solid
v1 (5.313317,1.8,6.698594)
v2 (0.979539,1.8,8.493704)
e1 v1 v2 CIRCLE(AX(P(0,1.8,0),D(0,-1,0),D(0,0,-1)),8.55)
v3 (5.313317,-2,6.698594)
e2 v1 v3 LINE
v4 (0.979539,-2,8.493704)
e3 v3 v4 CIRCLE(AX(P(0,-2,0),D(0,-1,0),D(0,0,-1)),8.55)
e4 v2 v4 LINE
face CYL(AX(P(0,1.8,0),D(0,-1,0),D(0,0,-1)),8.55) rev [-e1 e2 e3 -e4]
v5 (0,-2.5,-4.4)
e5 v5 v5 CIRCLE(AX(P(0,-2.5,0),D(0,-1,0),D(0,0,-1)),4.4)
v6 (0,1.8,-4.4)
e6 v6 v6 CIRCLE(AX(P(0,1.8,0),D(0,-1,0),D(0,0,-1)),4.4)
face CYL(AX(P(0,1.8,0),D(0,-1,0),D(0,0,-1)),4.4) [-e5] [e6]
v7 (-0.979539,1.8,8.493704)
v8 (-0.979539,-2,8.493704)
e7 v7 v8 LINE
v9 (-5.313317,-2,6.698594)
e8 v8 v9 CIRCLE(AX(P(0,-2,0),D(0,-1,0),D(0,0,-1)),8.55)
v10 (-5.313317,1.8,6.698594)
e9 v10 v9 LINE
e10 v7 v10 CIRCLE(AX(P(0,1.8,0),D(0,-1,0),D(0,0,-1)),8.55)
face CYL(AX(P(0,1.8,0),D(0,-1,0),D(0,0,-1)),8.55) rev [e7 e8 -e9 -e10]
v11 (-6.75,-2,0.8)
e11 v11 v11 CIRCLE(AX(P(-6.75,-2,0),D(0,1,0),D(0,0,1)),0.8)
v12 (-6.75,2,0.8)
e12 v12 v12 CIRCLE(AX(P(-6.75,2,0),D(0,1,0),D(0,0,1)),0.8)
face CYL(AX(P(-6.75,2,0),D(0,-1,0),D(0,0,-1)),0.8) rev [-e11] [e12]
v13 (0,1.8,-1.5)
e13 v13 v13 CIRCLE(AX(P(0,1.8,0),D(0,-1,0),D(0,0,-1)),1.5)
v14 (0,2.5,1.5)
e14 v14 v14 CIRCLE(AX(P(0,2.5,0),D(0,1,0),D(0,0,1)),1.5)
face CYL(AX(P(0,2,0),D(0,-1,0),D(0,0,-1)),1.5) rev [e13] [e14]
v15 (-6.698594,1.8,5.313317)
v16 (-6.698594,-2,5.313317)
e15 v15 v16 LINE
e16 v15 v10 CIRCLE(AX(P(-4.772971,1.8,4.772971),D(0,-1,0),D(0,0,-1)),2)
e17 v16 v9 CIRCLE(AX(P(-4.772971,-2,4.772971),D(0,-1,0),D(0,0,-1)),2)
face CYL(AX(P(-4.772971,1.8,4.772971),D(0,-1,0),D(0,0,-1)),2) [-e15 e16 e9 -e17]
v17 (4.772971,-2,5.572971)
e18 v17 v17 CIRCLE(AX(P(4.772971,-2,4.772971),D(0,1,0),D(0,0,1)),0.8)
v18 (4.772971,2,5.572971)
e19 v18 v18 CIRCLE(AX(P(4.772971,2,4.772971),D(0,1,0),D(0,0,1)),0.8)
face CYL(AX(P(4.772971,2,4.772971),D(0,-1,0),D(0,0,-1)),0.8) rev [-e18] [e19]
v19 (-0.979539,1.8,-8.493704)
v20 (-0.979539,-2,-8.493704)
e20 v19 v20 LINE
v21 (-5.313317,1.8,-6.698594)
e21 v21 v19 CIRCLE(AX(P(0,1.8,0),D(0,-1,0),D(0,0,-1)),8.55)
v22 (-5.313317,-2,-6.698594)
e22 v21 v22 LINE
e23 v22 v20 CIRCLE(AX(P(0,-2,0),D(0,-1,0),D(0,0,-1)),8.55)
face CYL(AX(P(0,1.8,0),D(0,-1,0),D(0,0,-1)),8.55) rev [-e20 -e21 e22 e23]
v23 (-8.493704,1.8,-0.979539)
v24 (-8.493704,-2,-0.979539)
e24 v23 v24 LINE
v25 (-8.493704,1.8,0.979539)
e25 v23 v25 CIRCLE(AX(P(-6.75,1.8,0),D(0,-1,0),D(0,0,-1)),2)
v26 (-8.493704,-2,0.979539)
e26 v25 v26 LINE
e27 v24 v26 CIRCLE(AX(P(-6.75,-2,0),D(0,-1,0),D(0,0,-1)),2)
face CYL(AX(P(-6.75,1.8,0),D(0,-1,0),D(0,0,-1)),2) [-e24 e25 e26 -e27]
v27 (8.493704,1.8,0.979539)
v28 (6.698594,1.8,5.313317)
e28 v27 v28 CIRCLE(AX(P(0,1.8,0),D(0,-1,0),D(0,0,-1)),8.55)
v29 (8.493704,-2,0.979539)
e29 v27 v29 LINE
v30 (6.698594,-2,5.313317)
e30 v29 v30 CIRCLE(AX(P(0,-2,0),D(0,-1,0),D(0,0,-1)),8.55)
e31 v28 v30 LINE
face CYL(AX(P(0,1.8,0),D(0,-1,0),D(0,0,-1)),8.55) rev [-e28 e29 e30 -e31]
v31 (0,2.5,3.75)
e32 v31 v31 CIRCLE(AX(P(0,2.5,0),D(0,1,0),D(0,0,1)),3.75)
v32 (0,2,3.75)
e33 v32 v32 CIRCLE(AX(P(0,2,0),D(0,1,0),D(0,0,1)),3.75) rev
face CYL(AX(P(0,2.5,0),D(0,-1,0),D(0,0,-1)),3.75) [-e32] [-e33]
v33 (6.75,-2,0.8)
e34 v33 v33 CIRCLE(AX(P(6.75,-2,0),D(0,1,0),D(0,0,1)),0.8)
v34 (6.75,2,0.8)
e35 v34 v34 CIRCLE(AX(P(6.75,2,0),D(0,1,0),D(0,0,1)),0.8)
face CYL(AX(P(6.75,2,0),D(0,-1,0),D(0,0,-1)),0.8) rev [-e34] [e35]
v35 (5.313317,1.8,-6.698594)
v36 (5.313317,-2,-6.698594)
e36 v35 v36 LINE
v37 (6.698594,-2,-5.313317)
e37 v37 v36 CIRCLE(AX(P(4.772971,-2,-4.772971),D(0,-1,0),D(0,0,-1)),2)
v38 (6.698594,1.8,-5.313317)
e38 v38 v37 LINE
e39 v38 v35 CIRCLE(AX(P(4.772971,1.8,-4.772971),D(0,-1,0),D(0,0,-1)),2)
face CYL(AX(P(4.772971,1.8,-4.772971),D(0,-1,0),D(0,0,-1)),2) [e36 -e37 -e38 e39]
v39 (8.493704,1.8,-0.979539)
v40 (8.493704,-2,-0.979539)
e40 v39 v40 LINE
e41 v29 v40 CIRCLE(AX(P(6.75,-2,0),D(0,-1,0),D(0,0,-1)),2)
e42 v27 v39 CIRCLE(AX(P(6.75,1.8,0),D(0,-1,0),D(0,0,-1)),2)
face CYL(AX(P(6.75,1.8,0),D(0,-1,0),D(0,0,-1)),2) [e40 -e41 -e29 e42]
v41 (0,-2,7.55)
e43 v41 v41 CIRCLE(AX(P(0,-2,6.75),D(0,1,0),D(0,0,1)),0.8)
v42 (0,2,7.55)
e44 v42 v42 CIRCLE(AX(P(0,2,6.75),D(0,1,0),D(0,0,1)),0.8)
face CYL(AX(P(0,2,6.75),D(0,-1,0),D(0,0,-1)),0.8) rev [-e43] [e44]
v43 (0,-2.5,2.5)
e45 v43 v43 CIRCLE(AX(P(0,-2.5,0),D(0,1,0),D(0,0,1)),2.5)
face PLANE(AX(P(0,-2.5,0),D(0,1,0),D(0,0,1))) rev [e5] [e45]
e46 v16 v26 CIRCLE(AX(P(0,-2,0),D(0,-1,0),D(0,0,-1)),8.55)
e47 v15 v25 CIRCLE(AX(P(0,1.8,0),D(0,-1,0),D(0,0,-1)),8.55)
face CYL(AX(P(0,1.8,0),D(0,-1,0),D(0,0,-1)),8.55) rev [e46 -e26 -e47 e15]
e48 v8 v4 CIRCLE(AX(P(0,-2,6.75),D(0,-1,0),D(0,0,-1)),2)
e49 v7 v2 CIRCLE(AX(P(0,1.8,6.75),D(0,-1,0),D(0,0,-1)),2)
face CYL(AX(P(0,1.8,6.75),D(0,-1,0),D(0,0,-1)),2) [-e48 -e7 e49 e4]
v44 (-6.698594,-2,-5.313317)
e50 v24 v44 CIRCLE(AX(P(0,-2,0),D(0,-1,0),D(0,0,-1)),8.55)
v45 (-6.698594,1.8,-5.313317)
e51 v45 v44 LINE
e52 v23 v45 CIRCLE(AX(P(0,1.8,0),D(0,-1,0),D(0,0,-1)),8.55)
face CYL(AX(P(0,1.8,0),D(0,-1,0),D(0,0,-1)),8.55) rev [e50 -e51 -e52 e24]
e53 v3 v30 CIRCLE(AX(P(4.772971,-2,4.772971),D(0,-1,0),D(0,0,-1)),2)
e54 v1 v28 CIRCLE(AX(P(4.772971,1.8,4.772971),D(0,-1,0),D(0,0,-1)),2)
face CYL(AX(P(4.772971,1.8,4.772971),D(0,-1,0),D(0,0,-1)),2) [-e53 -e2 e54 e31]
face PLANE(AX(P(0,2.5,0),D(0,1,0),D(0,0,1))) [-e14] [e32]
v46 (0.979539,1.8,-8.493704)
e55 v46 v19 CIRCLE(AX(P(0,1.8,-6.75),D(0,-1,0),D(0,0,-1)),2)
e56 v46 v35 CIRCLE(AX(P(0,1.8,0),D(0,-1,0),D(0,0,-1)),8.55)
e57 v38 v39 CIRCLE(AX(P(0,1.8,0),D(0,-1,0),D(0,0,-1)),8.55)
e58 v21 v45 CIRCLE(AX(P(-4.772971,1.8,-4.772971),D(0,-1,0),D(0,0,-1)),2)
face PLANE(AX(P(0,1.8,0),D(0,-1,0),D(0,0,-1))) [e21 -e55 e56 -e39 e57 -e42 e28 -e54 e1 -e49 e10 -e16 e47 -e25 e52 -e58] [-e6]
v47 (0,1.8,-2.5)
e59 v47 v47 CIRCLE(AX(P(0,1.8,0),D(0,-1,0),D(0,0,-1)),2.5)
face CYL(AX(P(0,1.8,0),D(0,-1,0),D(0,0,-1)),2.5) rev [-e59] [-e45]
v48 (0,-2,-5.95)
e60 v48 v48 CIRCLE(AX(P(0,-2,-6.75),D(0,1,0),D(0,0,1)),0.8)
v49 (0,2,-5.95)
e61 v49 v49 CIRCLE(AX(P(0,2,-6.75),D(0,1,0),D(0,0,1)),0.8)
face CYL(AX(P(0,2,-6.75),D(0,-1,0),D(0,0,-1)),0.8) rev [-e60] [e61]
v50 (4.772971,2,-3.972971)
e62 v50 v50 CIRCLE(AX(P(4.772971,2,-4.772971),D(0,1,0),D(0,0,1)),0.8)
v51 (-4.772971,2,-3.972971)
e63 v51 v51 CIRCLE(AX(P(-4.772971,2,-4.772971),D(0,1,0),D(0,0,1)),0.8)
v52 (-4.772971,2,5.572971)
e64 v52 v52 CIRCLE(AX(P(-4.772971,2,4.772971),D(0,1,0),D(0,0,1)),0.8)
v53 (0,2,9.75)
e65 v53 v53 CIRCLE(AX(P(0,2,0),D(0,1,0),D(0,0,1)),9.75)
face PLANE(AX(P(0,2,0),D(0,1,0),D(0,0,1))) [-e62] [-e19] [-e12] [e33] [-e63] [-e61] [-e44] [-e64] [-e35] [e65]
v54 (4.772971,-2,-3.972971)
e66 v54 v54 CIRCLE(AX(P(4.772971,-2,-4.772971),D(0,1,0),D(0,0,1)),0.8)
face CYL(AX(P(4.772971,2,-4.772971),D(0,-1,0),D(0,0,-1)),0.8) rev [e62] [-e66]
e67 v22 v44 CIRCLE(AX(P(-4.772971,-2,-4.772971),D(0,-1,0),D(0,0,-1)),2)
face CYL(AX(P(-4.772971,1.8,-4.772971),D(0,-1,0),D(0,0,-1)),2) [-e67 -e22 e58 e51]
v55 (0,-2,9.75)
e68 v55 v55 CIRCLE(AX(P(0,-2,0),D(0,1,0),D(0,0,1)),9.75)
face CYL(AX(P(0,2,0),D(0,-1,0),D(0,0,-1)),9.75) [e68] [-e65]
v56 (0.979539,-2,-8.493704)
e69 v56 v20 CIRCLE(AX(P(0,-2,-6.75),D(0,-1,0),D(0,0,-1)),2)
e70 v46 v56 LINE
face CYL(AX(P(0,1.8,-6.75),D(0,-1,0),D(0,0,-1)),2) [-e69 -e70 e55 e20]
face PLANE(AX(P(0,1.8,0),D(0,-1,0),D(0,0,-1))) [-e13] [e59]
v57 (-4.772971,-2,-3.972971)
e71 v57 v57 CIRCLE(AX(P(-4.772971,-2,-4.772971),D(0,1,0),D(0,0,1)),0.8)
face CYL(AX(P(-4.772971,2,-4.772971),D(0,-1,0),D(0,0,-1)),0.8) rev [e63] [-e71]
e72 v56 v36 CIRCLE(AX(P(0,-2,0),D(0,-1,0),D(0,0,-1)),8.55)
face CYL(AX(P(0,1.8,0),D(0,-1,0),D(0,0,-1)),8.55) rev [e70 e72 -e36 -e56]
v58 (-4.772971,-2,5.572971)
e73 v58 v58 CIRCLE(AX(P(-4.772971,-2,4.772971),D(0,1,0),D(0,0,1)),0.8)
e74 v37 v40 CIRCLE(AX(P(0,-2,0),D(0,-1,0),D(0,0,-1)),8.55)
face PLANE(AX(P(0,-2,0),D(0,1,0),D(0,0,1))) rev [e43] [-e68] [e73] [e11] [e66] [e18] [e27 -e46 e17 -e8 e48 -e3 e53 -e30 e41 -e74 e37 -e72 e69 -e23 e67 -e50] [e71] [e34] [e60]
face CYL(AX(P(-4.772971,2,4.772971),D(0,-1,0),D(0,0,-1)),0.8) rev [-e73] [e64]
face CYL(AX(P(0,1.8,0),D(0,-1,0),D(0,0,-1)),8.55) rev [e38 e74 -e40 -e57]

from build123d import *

# Parameters (mm, degrees)
CROQUIS1_R              = 9.75
CROQUIS1_R_2            = 0.8
CROQUIS1_R_3            = 1.5
SALIENTE_EXTRUIR1_DEPTH = 2
CROQUIS1_3_R            = 3.75
CROQUIS1_3_R_2          = 1.5
SALIENTE_EXTRUIR2_DEPTH = 2.5
CROQUIS2_R              = 4.4
CORTAR_EXTRUIR3_DEPTH   = 3.8
CROQUIS2_6_R            = 4.4
CROQUIS2_6_R_2          = 3.75
SALIENTE_EXTRUIR3_DEPTH = 0.5
CROQUIS2_9_R            = 2.5
CORTAR_EXTRUIR4_DEPTH   = 3.8


with BuildPart() as part:
    # Croquis1 → Saliente-Extruir1 (new, symmetric)
    with BuildSketch(Plane(origin=(0, 0, 0), x_dir=(1, 0, 0), z_dir=(0, 1, 0))):
        Circle(CROQUIS1_R)
        with Locations((-4.772970773, -4.772970773)):
            Circle(CROQUIS1_R_2, mode=Mode.SUBTRACT)
        with Locations((0, -6.75)):
            Circle(CROQUIS1_R_2, mode=Mode.SUBTRACT)
        with Locations((4.772970773, -4.772970773)):
            Circle(CROQUIS1_R_2, mode=Mode.SUBTRACT)
        with Locations((-6.75, 0)):
            Circle(CROQUIS1_R_2, mode=Mode.SUBTRACT)
        with Locations((-4.772970773, 4.772970773)):
            Circle(CROQUIS1_R_2, mode=Mode.SUBTRACT)
        with Locations((4.772970773, 4.772970773)):
            Circle(CROQUIS1_R_2, mode=Mode.SUBTRACT)
        with Locations((6.75, 0)):
            Circle(CROQUIS1_R_2, mode=Mode.SUBTRACT)
        with Locations((0, 6.75)):
            Circle(CROQUIS1_R_2, mode=Mode.SUBTRACT)
        Circle(CROQUIS1_R_3, mode=Mode.SUBTRACT)
    extrude(amount=SALIENTE_EXTRUIR1_DEPTH, both=True)

    # Croquis1_3 → Saliente-Extruir2 (add, symmetric)
    with BuildSketch(Plane(origin=(0, 0, 0), x_dir=(1, 0, 0), z_dir=(0, 1, 0))):
        Circle(CROQUIS1_3_R)
        Circle(CROQUIS1_3_R_2, mode=Mode.SUBTRACT)
    extrude(amount=SALIENTE_EXTRUIR2_DEPTH, both=True)

    # Croquis2 → Cortar-Extruir3 (cut)
    with BuildSketch(Plane.XZ.offset(2)):
        with BuildLine():
            ThreePointArc((8.493703704, -0.979539378), (4.75, 0), (8.493703704, 0.979539378))
            ThreePointArc((8.493703704, 0.979539378), (7.899170003, 3.271943347), (6.698594423, 5.313316549))
            ThreePointArc((6.698594423, 5.313316549), (6.754289437, 5.045691051), (6.772970773, 4.772970773))
            ThreePointArc((6.772970773, 4.772970773), (3.179124552, 3.564809267), (5.313316549, 6.698594423))
            ThreePointArc((5.313316549, 6.698594423), (3.271943347, 7.899170003), (0.979539378, 8.493703704))
            ThreePointArc((0.979539378, 8.493703704), (1.72613423, 7.76017851), (2, 6.75))
            ThreePointArc((2, 6.75), (-1.01017851, 5.02386577), (-0.979539378, 8.493703704))
            ThreePointArc((-0.979539378, 8.493703704), (-3.271943347, 7.899170003), (-5.313316549, 6.698594423))
            ThreePointArc((-5.313316549, 6.698594423), (-3.564809267, 6.366816994), (-2.772970773, 4.772970773))
            ThreePointArc((-2.772970773, 4.772970773), (-5.045691051, 2.791652109), (-6.698594423, 5.313316549))
            ThreePointArc((-6.698594423, 5.313316549), (-7.899170003, 3.271943347), (-8.493703704, 0.979539378))
            ThreePointArc((-8.493703704, 0.979539378), (-6.243742856, 1.934865293), (-4.75, 0))
            ThreePointArc((-4.75, 0), (-6.243742856, -1.934865293), (-8.493703704, -0.979539378))
            ThreePointArc((-8.493703704, -0.979539378), (-7.899170003, -3.271943347), (-6.698594423, -5.313316549))
            ThreePointArc((-6.698594423, -5.313316549), (-5.045691051, -2.791652109), (-2.772970773, -4.772970773))
            ThreePointArc((-2.772970773, -4.772970773), (-3.564809267, -6.366816994), (-5.313316549, -6.698594423))
            ThreePointArc((-5.313316549, -6.698594423), (-3.271943347, -7.899170003), (-0.979539378, -8.493703704))
            ThreePointArc((-0.979539378, -8.493703704), (-1.01017851, -5.02386577), (2, -6.75))
            ThreePointArc((2, -6.75), (1.72613423, -7.76017851), (0.979539378, -8.493703704))
            ThreePointArc((0.979539378, -8.493703704), (3.271943347, -7.899170003), (5.313316549, -6.698594423))
            ThreePointArc((5.313316549, -6.698594423), (3.179124552, -3.564809267), (6.772970773, -4.772970773))
            ThreePointArc((6.772970773, -4.772970773), (6.754289437, -5.045691051), (6.698594423, -5.313316549))
            ThreePointArc((6.698594423, -5.313316549), (7.899170003, -3.271943347), (8.493703704, -0.979539378))
        make_face()
        Circle(CROQUIS2_R, mode=Mode.SUBTRACT)
    extrude(amount=-CORTAR_EXTRUIR3_DEPTH, mode=Mode.SUBTRACT)

    # Croquis2_6 → Saliente-Extruir3 (add)
    with BuildSketch(Plane.XZ.offset(2)):
        Circle(CROQUIS2_6_R)
        Circle(CROQUIS2_6_R_2, mode=Mode.SUBTRACT)
    extrude(amount=SALIENTE_EXTRUIR3_DEPTH)

    # Croquis2_9 → Cortar-Extruir4 (cut, symmetric)
    with BuildSketch(Plane.XZ.offset(2)):
        Circle(CROQUIS2_9_R)
    extrude(amount=CORTAR_EXTRUIR4_DEPTH, both=True, mode=Mode.SUBTRACT)


solid = part.part
